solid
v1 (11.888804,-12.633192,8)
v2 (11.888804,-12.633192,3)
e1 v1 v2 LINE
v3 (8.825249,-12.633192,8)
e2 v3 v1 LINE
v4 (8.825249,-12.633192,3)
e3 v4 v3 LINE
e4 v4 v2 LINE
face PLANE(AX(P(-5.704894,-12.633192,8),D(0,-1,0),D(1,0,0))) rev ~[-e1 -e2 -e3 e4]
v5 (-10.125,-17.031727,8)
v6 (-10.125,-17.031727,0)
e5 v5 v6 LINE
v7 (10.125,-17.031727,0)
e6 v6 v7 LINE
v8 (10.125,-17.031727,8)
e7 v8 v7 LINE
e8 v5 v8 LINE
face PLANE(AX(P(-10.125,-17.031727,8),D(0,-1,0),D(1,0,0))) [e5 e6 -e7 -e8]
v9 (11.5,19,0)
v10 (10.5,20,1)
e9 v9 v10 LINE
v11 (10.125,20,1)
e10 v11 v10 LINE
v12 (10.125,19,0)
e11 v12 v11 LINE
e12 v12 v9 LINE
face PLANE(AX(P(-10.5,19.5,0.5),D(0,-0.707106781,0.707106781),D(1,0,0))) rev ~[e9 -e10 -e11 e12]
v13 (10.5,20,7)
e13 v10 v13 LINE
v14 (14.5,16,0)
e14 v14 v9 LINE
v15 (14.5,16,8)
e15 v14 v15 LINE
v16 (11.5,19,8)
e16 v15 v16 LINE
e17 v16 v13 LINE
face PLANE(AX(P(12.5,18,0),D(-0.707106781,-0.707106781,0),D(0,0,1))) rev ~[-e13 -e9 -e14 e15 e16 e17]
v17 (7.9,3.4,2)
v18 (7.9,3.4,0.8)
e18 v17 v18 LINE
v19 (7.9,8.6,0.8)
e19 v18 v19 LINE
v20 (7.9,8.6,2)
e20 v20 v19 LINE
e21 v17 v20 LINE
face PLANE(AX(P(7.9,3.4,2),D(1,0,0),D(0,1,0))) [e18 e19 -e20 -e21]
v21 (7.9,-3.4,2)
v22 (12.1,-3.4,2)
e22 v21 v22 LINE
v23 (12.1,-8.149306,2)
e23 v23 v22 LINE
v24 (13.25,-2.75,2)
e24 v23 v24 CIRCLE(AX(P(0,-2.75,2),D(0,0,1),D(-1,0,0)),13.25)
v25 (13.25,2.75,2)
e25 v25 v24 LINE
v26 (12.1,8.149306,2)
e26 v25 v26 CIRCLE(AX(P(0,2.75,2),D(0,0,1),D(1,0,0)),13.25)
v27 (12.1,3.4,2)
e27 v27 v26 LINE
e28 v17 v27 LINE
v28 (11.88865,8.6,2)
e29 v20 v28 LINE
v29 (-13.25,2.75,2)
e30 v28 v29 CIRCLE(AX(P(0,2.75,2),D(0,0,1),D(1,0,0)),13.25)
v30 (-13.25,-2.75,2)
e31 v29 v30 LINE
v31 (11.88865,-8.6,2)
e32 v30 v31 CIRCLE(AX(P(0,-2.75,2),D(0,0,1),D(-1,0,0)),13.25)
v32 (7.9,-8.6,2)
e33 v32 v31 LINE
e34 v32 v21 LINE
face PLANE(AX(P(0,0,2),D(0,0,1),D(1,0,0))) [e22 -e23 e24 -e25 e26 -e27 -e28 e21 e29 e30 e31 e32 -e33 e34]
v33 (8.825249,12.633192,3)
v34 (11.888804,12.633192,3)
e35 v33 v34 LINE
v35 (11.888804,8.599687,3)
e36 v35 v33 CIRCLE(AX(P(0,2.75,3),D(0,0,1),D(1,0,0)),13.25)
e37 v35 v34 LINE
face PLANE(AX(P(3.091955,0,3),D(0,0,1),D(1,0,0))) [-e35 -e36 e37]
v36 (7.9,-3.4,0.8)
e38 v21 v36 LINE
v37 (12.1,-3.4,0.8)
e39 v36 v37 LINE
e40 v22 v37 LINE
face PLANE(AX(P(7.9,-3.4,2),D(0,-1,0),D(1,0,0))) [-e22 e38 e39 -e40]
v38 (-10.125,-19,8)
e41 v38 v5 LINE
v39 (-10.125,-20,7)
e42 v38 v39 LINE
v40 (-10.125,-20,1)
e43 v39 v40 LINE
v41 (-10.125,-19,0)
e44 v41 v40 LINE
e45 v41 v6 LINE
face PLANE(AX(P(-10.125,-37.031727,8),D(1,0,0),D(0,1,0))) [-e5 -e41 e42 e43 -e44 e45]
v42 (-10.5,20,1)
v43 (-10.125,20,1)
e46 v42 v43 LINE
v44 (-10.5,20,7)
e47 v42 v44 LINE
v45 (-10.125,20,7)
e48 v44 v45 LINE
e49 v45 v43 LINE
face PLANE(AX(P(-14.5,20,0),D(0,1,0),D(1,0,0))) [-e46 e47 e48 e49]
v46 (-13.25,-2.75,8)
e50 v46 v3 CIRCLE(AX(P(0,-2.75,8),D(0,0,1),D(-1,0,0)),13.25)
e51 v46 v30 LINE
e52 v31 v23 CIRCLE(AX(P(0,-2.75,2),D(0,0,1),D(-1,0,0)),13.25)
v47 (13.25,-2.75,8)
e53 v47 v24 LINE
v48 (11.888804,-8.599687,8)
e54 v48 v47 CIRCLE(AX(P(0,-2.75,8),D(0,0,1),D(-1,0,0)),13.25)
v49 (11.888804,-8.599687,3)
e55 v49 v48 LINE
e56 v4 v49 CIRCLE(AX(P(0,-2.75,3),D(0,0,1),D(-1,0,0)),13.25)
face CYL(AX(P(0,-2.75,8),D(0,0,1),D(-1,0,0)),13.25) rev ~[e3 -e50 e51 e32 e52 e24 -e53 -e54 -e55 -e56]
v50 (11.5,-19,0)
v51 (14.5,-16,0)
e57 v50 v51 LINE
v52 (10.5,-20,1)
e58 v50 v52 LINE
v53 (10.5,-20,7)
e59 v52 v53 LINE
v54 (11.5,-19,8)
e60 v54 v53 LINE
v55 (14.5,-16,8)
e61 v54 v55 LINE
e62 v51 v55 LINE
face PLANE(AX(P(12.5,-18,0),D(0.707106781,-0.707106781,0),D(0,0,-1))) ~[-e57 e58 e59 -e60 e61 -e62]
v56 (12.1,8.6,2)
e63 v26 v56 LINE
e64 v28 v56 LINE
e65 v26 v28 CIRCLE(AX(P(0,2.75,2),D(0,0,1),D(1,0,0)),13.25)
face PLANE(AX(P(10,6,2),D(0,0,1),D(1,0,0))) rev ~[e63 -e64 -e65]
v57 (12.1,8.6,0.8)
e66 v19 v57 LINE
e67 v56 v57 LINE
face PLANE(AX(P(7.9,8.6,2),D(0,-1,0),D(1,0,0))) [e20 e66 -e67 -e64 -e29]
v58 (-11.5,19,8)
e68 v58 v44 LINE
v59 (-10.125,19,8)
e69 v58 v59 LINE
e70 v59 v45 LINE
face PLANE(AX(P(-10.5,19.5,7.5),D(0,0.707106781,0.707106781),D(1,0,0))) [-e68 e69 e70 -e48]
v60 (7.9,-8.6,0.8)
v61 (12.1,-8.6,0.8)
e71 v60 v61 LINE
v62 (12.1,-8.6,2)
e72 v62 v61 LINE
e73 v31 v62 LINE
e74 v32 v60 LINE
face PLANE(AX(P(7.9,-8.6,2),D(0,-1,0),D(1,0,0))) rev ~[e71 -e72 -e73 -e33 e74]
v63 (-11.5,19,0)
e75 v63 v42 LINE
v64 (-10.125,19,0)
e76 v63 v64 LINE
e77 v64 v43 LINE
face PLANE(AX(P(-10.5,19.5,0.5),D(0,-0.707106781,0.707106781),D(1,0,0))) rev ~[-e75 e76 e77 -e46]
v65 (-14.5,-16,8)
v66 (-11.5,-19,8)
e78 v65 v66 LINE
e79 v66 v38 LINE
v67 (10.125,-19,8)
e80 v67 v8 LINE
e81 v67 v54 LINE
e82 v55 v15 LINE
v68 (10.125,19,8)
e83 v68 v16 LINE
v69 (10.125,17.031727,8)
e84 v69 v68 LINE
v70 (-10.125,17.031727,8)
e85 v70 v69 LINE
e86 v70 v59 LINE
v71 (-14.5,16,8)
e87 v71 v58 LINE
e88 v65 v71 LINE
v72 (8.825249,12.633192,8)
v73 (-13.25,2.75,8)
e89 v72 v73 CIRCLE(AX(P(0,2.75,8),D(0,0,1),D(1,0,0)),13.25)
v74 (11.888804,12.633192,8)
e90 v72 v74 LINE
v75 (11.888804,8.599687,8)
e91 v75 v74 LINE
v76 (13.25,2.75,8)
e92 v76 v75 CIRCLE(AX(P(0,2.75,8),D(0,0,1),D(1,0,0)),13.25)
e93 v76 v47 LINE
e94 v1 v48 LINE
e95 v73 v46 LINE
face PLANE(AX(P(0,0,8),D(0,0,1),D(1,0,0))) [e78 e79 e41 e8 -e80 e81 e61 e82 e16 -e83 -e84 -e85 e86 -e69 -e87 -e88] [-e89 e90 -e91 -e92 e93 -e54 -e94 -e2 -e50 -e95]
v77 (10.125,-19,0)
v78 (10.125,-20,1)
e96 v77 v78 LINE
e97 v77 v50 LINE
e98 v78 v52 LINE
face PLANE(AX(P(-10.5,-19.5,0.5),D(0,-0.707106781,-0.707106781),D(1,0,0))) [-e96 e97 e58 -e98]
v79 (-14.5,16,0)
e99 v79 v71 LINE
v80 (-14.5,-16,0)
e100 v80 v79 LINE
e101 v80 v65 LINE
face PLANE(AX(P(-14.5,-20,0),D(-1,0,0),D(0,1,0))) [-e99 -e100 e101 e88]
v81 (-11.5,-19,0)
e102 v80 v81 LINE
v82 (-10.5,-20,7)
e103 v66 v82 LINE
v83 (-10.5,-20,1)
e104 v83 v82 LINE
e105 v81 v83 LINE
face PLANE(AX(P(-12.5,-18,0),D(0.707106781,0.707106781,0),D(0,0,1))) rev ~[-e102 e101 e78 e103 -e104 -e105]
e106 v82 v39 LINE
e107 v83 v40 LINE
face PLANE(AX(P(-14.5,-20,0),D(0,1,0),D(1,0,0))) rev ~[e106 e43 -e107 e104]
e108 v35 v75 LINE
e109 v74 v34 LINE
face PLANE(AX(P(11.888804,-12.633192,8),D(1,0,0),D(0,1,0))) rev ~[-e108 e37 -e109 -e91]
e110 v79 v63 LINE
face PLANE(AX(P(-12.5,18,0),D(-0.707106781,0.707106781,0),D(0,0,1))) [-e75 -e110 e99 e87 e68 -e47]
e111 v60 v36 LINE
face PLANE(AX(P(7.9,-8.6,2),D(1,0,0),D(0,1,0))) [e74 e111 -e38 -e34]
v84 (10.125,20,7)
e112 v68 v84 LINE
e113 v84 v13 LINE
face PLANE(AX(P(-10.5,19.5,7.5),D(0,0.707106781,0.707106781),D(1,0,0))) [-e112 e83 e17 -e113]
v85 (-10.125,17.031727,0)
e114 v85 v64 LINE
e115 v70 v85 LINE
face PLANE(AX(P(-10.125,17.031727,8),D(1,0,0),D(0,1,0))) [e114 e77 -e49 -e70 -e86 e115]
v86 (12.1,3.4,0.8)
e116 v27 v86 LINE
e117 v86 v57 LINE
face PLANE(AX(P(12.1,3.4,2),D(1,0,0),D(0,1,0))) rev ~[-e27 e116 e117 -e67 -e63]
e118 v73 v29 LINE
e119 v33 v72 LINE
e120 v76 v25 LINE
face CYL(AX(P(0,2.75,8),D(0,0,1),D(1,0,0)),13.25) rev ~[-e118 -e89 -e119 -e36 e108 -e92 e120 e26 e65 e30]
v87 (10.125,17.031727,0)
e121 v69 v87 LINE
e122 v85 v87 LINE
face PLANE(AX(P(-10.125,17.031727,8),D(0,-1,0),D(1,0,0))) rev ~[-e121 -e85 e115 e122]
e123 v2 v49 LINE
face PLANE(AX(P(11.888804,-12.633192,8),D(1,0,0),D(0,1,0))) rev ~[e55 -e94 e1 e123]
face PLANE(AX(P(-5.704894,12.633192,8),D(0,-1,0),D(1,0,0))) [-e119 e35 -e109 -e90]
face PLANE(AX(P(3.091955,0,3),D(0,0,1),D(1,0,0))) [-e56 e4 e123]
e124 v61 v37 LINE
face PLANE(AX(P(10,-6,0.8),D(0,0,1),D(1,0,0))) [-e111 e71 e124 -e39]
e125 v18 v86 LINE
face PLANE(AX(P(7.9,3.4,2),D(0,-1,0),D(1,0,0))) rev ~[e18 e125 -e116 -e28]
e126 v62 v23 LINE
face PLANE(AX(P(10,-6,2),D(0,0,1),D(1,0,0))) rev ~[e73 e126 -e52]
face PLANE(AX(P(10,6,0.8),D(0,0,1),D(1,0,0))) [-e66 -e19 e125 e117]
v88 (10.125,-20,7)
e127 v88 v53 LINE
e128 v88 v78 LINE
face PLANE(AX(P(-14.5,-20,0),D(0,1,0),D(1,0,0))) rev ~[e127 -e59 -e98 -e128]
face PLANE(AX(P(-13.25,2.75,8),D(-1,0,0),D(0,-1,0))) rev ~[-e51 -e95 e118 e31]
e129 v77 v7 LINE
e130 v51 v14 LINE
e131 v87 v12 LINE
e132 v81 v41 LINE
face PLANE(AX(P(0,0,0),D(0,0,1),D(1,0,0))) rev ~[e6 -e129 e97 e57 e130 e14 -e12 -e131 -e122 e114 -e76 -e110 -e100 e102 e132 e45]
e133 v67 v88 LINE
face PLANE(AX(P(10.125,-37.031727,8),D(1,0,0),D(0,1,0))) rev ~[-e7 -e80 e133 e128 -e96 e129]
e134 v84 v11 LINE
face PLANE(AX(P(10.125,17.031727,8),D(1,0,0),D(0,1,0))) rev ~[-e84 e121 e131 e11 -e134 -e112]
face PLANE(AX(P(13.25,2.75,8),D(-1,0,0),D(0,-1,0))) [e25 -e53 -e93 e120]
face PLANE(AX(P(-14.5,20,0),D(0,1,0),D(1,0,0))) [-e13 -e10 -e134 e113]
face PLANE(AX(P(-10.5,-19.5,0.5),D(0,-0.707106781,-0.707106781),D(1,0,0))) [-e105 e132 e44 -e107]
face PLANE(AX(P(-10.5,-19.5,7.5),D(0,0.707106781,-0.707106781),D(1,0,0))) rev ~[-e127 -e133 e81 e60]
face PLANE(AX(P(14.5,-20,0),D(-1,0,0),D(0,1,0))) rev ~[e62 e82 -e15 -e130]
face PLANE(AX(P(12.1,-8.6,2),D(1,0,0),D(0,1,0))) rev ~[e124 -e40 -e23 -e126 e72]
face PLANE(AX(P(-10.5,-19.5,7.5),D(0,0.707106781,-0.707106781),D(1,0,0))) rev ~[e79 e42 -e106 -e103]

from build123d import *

# Parameters (mm, degrees)
SKETCH_W        = 29
SKETCH_H        = 40
PAD_DEPTH       = 8
CHAMFER_SIZE    = 4
CHAMFER001_SIZE = 1
SKETCH001_W     = 20.25
SKETCH001_H     = 20
POCKET_DEPTH    = 15
POCKET001_DEPTH = 6
SKETCH003_W     = 17.593698
SKETCH003_H     = 25.266384
POCKET002_DEPTH = 5
SKETCH004_W     = 4.2
SKETCH004_H     = 5.2
POCKET003_DEPTH = 1.2


with BuildPart() as part:
    # Sketch (on XY_Plane of Origin) → Pad (new body)
    with BuildSketch(Plane.XY):
        Rectangle(SKETCH_W, SKETCH_H)
    extrude(amount=PAD_DEPTH)

    # Chamfer
    chamfer_edges = [part.edges().sort_by_distance(p)[0] for p in [
        (14.5, 20, 4),
        (14.5, -20, 4),
        (-14.5, 20, 4),
        (-14.5, -20, 4),
    ]]
    chamfer(chamfer_edges, length=CHAMFER_SIZE)

    # Chamfer001
    chamfer001_edges = [part.edges().sort_by_distance(p)[0] for p in [
        (0, -20, 0),
        (0, -20, 8),
        (0, 20, 0),
        (0, 20, 8),
    ]]
    chamfer(chamfer001_edges, length=CHAMFER001_SIZE)

    # Sketch001 (on Face8 of Chamfer001) → Pocket (cut)
    with BuildSketch(Plane.XY.offset(8)):
        with Locations((0, -27.031727)):
            Rectangle(SKETCH001_W, SKETCH001_H)
        with Locations((0, 27.031727)):
            Rectangle(SKETCH001_W, SKETCH001_H)
    extrude(amount=-POCKET_DEPTH, mode=Mode.SUBTRACT)

    # Sketch002 (on Face7 of Pocket) → Pocket001 (cut)
    with BuildSketch(Plane.XY.offset(8)):
        with BuildLine():
            ThreePointArc((13.25, 2.75), (0, 16), (-13.25, 2.75))
            Line((-13.25, 2.75), (-13.25, -2.75))
            ThreePointArc((-13.25, -2.75), (0, -16), (13.25, -2.75))
            Line((13.25, 2.75), (13.25, -2.75))
        make_face()
    extrude(amount=-POCKET001_DEPTH, mode=Mode.SUBTRACT)

    # Sketch003 (on Face7 of Pocket001) → Pocket002 (cut)
    with BuildSketch(Plane.XY.offset(8)):
        with Locations((3.091955, 0)):
            Rectangle(SKETCH003_W, SKETCH003_H)
    extrude(amount=-POCKET002_DEPTH, mode=Mode.SUBTRACT)

    # Sketch004 (on Face36 of Pocket002) → Pocket003 (cut)
    with BuildSketch(Plane.XY.offset(2)):
        with Locations((10, -6)):
            Rectangle(SKETCH004_W, SKETCH004_H)
        with Locations((10, 6)):
            Rectangle(SKETCH004_W, SKETCH004_H)
    extrude(amount=-POCKET003_DEPTH, mode=Mode.SUBTRACT)


solid = part.part
